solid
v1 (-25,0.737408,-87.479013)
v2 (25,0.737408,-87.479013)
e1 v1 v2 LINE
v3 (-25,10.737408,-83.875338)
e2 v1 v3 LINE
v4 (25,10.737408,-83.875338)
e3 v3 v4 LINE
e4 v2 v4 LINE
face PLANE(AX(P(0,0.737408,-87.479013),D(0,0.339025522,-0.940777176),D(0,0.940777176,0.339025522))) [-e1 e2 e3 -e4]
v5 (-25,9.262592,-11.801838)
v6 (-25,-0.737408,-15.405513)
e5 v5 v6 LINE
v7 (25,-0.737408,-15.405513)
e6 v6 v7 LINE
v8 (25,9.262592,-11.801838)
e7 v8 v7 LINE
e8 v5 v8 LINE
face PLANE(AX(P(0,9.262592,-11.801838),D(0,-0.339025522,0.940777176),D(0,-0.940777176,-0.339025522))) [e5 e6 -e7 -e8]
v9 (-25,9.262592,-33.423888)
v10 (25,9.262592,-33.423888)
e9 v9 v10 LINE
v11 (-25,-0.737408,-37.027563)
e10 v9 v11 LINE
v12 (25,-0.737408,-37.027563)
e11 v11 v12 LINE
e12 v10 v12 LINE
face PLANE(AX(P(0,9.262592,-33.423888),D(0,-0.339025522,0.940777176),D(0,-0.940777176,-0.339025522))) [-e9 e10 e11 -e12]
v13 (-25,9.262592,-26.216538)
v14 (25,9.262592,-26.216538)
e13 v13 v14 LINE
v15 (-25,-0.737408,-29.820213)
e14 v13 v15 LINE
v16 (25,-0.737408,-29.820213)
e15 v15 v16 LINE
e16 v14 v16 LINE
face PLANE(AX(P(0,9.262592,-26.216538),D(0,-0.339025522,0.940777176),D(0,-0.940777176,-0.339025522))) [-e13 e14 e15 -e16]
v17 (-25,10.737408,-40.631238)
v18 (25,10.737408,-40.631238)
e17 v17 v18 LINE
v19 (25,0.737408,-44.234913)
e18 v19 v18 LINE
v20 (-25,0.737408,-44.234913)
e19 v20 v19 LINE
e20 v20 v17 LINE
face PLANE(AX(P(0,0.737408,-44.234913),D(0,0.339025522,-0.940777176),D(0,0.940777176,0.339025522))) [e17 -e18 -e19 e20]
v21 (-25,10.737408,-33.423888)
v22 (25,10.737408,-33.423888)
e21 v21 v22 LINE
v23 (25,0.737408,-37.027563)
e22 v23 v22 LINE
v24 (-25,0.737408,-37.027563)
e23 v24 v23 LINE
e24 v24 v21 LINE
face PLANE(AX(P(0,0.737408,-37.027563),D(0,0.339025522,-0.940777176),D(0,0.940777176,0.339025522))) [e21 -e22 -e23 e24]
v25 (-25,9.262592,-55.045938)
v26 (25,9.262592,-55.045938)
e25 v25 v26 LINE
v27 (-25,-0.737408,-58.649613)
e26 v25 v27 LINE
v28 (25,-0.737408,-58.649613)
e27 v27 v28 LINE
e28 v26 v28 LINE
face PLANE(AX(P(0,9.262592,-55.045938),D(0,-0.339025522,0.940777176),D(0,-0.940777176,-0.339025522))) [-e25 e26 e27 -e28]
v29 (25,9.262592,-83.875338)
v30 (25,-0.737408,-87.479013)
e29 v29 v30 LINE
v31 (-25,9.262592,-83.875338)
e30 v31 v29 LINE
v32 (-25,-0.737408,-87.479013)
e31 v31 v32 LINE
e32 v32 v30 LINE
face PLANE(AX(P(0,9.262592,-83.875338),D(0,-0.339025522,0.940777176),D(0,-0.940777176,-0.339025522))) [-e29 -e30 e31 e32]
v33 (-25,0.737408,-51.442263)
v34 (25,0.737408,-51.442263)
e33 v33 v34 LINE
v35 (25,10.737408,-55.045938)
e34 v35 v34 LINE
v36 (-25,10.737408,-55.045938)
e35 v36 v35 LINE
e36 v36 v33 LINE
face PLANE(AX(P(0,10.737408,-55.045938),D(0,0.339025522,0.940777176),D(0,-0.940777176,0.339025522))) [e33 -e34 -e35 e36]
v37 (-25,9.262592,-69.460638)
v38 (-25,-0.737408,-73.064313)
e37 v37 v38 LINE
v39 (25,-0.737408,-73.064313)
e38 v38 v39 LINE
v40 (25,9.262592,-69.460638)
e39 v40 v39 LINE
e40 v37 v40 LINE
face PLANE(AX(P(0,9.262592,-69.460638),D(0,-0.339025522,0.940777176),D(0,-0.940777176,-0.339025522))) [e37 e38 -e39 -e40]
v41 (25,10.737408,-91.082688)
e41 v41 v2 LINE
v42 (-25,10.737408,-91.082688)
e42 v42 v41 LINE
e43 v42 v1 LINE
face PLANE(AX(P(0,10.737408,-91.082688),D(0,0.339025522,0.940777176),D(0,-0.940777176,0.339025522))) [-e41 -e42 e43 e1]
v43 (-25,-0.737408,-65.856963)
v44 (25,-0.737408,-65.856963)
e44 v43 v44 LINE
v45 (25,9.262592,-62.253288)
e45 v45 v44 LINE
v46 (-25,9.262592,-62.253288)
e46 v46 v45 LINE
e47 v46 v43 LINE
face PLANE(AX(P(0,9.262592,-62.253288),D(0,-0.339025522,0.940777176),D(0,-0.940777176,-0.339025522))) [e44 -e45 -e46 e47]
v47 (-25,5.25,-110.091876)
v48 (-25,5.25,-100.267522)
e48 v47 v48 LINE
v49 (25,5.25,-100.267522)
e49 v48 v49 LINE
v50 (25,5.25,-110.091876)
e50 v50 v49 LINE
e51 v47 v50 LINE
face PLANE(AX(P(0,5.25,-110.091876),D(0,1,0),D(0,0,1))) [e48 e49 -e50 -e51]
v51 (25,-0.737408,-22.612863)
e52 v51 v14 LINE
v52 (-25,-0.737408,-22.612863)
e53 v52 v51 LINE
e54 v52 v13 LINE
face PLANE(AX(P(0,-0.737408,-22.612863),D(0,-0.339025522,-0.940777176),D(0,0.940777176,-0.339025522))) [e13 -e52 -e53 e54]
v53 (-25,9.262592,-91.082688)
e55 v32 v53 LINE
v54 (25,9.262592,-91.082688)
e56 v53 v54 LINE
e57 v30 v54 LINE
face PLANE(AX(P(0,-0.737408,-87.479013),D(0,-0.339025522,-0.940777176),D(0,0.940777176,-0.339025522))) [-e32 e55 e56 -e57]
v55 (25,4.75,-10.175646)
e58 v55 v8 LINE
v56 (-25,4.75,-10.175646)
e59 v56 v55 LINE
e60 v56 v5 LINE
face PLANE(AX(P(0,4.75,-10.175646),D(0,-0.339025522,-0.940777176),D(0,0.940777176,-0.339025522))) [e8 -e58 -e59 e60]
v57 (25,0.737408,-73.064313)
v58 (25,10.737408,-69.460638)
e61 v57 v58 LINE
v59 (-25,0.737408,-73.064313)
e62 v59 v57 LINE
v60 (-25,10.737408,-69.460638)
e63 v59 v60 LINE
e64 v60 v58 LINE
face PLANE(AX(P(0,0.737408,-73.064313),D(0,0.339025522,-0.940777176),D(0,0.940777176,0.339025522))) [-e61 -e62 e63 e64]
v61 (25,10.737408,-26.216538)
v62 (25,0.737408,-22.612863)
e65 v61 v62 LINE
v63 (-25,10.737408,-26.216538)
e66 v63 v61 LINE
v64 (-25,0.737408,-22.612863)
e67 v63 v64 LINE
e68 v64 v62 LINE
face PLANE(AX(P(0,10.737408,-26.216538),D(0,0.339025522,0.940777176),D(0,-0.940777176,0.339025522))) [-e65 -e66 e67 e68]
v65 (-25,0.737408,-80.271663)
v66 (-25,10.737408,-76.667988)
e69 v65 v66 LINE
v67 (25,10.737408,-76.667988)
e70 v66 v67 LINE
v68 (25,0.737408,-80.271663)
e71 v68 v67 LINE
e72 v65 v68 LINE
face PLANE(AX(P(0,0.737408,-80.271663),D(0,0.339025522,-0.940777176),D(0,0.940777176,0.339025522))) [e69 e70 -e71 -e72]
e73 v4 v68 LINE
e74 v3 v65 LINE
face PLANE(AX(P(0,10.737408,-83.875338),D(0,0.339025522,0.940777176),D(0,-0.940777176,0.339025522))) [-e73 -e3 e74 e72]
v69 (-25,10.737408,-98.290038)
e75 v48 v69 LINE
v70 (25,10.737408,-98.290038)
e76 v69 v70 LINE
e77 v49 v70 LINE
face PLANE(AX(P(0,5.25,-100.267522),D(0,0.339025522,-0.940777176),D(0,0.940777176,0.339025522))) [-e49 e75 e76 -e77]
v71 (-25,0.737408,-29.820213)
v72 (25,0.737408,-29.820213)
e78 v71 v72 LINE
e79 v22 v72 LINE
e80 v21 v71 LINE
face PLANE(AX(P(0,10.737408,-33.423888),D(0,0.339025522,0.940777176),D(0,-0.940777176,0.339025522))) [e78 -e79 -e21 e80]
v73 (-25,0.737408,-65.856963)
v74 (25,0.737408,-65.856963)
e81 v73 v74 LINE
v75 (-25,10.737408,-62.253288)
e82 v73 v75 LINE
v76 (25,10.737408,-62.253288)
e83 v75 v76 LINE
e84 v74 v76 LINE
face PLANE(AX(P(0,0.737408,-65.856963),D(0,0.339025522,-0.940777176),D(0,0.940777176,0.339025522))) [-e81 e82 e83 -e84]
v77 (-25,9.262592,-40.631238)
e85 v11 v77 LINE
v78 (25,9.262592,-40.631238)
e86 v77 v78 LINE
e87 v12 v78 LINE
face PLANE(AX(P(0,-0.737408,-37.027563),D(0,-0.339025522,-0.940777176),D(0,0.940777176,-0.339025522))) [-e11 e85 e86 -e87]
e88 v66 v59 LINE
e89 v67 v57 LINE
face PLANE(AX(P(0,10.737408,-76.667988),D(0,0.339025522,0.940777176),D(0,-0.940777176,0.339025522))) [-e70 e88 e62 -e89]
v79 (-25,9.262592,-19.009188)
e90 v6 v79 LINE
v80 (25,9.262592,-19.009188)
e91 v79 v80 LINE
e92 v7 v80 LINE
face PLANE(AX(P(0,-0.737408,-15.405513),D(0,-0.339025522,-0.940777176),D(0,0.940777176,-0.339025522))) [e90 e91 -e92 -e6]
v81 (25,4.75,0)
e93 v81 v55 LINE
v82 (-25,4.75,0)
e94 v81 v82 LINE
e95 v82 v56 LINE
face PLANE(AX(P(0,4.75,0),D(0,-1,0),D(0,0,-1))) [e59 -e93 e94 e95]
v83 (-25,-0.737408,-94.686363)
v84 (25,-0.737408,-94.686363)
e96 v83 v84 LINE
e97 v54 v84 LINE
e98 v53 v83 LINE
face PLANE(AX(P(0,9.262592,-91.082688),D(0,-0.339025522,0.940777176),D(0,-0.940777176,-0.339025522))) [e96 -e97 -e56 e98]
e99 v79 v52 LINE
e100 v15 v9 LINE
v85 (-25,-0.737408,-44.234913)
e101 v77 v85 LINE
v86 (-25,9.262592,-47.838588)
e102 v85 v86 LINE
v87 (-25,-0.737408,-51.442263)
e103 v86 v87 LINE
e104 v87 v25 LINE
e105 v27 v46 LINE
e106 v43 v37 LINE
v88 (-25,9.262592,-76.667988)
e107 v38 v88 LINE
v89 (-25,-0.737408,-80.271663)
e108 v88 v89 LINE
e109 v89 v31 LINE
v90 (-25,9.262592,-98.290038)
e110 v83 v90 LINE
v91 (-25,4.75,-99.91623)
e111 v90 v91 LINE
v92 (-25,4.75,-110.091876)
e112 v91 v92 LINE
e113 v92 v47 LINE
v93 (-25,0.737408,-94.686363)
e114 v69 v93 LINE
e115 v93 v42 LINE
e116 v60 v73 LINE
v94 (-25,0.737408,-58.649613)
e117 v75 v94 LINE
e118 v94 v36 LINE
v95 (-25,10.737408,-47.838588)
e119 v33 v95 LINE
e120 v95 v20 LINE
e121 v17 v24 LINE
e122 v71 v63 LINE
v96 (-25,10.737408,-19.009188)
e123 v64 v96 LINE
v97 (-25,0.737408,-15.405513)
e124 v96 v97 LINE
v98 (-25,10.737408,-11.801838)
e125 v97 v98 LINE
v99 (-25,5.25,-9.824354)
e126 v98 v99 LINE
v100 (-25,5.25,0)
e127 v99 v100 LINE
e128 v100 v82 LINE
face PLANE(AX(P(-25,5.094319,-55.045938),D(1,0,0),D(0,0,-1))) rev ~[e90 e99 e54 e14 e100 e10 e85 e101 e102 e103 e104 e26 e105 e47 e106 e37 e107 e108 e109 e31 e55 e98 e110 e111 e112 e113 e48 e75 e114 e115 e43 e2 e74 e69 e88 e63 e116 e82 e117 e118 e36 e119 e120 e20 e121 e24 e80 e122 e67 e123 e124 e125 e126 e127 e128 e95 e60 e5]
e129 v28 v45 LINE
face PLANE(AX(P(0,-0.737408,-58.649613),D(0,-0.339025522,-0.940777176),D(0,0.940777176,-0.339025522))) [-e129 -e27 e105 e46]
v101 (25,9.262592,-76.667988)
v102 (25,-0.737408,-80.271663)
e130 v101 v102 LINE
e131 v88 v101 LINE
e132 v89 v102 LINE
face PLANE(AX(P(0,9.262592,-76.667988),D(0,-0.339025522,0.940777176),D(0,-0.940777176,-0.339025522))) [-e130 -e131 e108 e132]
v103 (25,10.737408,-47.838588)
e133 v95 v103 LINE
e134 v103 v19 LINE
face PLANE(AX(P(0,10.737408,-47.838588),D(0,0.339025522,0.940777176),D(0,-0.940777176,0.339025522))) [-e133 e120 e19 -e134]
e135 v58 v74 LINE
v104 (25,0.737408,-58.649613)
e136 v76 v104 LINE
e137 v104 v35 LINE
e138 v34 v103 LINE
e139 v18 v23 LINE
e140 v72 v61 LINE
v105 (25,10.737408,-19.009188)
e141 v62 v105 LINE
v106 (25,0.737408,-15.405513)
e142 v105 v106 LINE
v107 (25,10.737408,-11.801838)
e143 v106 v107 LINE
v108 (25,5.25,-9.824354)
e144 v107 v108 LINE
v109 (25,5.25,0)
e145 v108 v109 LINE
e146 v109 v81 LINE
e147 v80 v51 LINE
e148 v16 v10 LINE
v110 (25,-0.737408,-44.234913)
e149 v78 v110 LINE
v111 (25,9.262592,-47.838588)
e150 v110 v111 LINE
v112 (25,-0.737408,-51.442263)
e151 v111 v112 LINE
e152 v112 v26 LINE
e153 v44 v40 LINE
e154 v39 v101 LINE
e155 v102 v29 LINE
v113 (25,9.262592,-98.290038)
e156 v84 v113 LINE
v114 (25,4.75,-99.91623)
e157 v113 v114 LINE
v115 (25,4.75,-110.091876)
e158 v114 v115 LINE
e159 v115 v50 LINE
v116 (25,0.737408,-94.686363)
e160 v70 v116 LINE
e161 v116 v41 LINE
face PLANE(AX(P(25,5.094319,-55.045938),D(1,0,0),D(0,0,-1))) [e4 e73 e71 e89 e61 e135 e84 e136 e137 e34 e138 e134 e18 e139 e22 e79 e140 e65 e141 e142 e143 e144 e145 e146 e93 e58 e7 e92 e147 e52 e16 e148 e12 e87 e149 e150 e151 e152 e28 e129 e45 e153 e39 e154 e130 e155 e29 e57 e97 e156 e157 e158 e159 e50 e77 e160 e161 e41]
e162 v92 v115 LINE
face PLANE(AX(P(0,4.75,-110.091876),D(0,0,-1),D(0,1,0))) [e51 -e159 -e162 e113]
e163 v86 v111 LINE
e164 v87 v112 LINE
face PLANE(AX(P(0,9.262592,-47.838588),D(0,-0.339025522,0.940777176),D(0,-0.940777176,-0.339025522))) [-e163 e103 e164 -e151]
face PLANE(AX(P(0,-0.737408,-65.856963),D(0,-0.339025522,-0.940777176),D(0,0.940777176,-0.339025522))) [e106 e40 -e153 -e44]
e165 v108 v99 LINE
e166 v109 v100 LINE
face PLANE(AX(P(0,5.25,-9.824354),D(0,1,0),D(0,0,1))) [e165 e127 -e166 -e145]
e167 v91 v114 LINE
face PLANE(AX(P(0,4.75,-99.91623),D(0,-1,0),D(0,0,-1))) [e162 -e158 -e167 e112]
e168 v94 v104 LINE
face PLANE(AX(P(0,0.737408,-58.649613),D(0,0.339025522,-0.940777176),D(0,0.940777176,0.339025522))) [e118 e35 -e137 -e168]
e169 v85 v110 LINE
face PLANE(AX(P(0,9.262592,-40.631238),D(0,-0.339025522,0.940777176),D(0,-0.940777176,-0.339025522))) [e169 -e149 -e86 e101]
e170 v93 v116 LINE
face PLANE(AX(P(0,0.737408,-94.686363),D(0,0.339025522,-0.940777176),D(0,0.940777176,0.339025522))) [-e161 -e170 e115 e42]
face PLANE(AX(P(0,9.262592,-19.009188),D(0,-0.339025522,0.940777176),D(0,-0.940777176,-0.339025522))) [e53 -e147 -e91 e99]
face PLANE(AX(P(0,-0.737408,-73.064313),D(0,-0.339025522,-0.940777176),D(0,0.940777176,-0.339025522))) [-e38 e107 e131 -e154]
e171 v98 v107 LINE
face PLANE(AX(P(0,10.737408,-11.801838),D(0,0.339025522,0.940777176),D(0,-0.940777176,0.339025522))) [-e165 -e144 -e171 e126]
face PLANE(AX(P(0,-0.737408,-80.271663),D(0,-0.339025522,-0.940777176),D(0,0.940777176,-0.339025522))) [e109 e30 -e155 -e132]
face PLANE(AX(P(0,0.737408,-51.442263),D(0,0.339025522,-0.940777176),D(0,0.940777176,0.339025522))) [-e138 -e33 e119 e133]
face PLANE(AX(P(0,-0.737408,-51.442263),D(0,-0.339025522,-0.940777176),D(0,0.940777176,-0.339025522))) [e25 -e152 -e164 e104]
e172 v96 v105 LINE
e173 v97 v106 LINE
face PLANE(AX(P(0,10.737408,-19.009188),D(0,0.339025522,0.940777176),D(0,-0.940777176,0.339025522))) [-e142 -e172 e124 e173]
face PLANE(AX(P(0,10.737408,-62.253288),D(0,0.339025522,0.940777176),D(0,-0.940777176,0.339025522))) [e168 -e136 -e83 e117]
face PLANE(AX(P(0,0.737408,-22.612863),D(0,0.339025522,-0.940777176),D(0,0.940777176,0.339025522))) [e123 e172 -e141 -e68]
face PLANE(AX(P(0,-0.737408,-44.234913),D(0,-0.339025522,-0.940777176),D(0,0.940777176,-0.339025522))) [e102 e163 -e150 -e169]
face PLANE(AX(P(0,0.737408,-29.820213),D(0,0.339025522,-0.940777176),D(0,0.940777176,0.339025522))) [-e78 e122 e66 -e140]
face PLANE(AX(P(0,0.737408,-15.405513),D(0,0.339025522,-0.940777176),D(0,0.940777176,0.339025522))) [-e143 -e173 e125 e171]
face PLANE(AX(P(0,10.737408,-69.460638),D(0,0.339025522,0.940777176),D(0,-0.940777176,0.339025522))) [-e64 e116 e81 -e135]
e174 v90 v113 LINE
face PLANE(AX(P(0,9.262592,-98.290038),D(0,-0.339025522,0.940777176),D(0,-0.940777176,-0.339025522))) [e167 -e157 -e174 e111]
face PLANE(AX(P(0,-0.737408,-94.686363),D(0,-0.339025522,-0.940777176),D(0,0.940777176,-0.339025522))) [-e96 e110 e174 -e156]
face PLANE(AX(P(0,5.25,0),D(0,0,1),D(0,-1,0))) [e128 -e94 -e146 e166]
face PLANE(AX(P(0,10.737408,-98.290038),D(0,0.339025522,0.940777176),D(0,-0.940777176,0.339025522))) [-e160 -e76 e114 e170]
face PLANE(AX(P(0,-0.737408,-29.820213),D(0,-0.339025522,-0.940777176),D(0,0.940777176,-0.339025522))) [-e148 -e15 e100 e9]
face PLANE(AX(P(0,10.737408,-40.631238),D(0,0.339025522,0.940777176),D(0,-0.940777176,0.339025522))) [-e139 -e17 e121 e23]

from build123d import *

# Parameters (mm, degrees)
EXTRUDE_THIN1_DEPTH = 25


with BuildPart() as part:
    # Sketch3 → Extrude-Thin1 (new body, symmetric)
    with BuildSketch(Plane(origin=(0, 0, 0), x_dir=(0, 0, -1), z_dir=(1, 0, 0))):
        Polygon((0, 4.75), (10.175645864, 4.75), (11.801837516, 9.26259239), (15.405512547, -0.73740761), (19.009187578, 9.26259239), (22.612862609, -0.73740761), (26.21653764, 9.26259239), (29.820212671, -0.73740761), (33.423887702, 9.26259239), (37.027562733, -0.73740761), (40.631237764, 9.26259239), (44.234912795, -0.73740761), (47.838587827, 9.26259239), (51.442262858, -0.73740761), (55.045937889, 9.26259239), (58.64961292, -0.73740761), (62.253287951, 9.26259239), (65.856962982, -0.73740761), (69.460638013, 9.26259239), (73.064313044, -0.73740761), (76.667988075, 9.26259239), (80.271663106, -0.73740761), (83.875338138, 9.26259239), (87.479013169, -0.73740761), (91.0826882, 9.26259239), (94.686363231, -0.73740761), (98.290038262, 9.26259239), (99.916229914, 4.75), (110.091875777, 4.75), (110.091875777, 5.25), (100.267521641, 5.25), (98.290038262, 10.73740761), (94.686363231, 0.73740761), (91.0826882, 10.73740761), (87.479013169, 0.73740761), (83.875338138, 10.73740761), (80.271663106, 0.73740761), (76.667988075, 10.73740761), (73.064313044, 0.73740761), (69.460638013, 10.73740761), (65.856962982, 0.73740761), (62.253287951, 10.73740761), (58.64961292, 0.73740761), (55.045937889, 10.73740761), (51.442262858, 0.73740761), (47.838587827, 10.73740761), (44.234912795, 0.73740761), (40.631237764, 10.73740761), (37.027562733, 0.73740761), (33.423887702, 10.73740761), (29.820212671, 0.73740761), (26.21653764, 10.73740761), (22.612862609, 0.73740761), (19.009187578, 10.73740761), (15.405512547, 0.73740761), (11.801837516, 10.73740761), (9.824354136, 5.25), (0, 5.25), align=None)
    extrude(amount=EXTRUDE_THIN1_DEPTH, both=True)


solid = part.part
